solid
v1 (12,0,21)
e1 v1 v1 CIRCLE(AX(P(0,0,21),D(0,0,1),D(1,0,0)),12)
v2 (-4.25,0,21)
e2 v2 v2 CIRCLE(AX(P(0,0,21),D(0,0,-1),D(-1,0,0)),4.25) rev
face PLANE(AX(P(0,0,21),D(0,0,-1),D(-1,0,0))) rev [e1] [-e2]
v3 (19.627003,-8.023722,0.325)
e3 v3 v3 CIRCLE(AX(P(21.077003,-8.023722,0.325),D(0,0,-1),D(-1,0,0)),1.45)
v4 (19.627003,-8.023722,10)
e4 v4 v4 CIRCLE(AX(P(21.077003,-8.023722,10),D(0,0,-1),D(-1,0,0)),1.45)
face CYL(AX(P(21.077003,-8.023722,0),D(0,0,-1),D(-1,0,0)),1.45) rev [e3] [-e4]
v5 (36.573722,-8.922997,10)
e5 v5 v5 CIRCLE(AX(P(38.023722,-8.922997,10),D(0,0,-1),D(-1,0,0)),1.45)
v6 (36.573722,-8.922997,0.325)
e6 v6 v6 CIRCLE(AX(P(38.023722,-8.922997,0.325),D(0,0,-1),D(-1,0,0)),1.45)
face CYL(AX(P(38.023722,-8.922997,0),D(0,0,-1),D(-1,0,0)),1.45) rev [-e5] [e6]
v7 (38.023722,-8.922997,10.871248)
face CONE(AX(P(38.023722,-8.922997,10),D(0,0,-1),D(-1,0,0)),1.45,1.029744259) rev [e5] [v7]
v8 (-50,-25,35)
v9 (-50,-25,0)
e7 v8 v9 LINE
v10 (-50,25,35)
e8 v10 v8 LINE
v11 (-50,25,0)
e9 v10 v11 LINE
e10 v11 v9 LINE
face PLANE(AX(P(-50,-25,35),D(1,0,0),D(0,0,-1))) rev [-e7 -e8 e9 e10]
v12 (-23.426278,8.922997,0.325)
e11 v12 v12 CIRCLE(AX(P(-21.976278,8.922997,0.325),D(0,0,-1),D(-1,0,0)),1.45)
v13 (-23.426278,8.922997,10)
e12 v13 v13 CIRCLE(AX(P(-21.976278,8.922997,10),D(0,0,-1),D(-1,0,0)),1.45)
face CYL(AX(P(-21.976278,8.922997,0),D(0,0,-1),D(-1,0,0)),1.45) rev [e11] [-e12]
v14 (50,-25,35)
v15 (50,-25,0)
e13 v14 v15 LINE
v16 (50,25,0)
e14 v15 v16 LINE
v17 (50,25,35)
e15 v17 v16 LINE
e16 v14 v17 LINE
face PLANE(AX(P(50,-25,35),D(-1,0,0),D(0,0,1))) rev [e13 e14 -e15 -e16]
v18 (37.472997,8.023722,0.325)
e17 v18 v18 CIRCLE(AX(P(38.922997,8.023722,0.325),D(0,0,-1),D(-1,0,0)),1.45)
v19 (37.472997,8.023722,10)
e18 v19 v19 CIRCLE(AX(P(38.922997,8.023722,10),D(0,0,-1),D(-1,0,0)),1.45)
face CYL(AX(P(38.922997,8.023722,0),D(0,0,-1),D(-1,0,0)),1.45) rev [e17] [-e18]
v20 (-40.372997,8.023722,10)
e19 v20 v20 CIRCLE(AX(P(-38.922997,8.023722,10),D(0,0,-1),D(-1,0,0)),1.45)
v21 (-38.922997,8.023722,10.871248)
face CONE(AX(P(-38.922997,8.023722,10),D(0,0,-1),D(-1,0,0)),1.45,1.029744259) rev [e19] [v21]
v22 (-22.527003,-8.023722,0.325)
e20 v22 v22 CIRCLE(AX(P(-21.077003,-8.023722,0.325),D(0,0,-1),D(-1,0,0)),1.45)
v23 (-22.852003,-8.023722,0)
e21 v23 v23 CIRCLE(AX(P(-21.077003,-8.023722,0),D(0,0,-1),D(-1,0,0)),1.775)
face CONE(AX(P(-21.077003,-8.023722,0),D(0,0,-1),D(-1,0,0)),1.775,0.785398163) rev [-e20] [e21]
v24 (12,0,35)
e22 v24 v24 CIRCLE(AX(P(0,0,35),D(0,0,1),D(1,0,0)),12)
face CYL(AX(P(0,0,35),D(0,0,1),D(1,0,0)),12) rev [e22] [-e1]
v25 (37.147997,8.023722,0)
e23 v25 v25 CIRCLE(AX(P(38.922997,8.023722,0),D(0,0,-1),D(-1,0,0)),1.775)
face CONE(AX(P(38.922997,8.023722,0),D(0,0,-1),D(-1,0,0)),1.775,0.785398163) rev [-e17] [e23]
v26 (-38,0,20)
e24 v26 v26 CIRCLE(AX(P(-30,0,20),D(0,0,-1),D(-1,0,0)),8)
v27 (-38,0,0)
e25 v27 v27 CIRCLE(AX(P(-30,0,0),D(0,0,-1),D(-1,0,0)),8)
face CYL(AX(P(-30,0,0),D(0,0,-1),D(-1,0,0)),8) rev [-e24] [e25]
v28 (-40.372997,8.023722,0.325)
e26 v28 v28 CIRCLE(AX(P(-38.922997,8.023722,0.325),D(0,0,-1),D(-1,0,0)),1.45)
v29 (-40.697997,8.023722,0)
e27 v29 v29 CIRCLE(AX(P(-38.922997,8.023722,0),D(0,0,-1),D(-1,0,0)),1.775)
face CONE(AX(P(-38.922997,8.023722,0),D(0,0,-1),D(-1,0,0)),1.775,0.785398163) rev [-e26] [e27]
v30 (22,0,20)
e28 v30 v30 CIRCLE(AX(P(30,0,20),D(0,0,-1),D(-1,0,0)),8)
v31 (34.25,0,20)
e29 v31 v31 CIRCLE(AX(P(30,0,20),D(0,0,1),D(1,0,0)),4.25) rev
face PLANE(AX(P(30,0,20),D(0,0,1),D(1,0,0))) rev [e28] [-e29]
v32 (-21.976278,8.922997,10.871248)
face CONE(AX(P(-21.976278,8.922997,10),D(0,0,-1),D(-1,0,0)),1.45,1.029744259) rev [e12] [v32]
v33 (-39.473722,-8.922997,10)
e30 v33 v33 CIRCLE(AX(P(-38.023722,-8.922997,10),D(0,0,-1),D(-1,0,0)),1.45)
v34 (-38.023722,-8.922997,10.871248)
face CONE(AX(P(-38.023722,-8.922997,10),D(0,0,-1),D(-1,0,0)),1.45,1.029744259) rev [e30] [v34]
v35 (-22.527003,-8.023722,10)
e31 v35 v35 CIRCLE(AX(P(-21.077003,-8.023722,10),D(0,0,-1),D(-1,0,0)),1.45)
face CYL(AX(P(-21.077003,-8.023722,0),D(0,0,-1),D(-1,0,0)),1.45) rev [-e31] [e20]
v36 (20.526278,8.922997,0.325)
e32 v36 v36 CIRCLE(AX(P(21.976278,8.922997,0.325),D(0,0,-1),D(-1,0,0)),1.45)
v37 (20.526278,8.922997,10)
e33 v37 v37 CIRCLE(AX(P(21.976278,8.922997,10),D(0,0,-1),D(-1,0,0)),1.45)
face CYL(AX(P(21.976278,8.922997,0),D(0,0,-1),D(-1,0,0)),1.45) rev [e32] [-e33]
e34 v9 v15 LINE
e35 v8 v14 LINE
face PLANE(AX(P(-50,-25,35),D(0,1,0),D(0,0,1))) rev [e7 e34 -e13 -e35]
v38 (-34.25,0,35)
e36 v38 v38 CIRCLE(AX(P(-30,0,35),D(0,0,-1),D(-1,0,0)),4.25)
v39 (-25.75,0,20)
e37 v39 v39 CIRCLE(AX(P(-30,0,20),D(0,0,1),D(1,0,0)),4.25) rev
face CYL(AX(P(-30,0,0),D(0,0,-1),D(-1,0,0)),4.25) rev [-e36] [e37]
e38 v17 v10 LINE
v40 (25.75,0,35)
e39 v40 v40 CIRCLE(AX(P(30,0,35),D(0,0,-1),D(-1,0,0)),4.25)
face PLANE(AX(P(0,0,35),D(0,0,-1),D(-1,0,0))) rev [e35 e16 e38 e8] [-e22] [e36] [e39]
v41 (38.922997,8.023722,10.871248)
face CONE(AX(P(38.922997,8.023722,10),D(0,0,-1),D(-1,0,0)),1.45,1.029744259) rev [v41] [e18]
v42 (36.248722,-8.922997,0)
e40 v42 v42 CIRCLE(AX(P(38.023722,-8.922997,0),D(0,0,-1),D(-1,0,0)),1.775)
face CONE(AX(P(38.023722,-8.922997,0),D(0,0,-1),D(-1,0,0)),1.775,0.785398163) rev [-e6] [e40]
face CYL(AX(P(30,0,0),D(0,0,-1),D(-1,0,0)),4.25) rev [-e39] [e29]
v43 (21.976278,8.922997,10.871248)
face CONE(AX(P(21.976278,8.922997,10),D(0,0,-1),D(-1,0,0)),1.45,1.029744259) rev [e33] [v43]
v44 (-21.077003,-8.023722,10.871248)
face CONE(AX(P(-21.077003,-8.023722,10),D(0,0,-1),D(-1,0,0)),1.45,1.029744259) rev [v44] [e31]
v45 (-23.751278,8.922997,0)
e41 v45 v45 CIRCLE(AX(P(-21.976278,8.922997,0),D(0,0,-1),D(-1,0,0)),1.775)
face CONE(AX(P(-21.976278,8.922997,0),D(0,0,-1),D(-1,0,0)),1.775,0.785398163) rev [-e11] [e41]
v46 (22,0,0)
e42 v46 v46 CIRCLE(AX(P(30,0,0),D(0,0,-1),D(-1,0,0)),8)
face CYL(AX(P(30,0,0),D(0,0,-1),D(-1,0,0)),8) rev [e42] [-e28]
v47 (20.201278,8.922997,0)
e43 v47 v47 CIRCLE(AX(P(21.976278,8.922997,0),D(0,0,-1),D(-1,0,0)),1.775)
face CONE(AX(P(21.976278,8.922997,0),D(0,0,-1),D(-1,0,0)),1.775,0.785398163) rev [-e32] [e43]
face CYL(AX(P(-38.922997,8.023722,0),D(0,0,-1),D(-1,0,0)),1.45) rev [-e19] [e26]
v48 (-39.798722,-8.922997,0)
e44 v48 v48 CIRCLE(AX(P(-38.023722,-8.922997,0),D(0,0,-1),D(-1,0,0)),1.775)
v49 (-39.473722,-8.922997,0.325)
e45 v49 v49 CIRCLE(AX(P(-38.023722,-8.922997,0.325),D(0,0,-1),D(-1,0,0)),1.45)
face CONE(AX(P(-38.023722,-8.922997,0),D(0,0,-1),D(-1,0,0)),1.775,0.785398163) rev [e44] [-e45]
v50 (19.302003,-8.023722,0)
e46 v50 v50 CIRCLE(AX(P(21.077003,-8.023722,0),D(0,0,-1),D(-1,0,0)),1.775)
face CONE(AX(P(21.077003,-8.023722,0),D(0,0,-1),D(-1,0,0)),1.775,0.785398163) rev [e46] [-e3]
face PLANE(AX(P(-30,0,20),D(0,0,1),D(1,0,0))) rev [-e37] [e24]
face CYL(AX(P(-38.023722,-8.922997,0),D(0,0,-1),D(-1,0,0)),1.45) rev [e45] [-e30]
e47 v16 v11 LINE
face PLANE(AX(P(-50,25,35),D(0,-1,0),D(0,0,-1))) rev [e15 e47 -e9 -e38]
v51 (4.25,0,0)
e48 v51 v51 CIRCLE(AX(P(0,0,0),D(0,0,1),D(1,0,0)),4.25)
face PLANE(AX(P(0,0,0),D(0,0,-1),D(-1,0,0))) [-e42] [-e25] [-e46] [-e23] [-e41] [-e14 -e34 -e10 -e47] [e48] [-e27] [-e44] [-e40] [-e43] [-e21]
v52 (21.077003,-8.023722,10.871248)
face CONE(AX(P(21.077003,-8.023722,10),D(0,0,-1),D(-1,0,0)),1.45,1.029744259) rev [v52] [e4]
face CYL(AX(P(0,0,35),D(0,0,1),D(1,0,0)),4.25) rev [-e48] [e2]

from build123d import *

# Parameters (mm, degrees)
SKETCH_1_W                     = 100
SKETCH_1_H                     = 50
EXTRUDE_1_DEPTH                = 35
HOLE_WIZARD_8_5_8_5_1_D        = 8.5
HOLE_WIZARD_1_D                = 24
HOLE_WIZARD_1_DEPTH            = 14
HOLE_WIZARD_2_D                = 8.5
HOLE_WIZARD_3_D                = 16
HOLE_WIZARD_3_DEPTH            = 20
HOLE_WIZARD_M3_5_1_D           = 2.9
HOLE_WIZARD_M3_5_1_DEPTH       = 10
HOLE_WIZARD_M3_5_1_CSINK_D     = 3.55
HOLE_WIZARD_M3_5_1_CSINK_ANGLE = 90
HOLE_WIZARD_M3_5_1_TIP         = 0.871247898


with BuildPart() as part:
    # 草图1 → 凸台-拉伸1 (new body)
    with BuildSketch(Plane.XY):
        Rectangle(SKETCH_1_W, SKETCH_1_H)
    extrude(amount=EXTRUDE_1_DEPTH)

    # Ø8.5 (8.5) 直径孔1 (through all)
    with Locations(Plane.XY.offset(35)):
        with Locations((0, 0)):
            Hole(HOLE_WIZARD_8_5_8_5_1_D / 2)

    # 孔1
    with Locations(Plane.XY.offset(35)):
        with Locations((0, 0)):
            Hole(HOLE_WIZARD_1_D / 2, depth=HOLE_WIZARD_1_DEPTH)

    # 孔2 (through all)
    with Locations(Plane(origin=(0, 0, 0), x_dir=(-1, 0, 0), z_dir=(0, 0, -1))):
        with Locations((30, 0)):
            hole_wizard_2 = Hole(HOLE_WIZARD_2_D / 2)

    # 镜向1: 孔2 across plane
    add(hole_wizard_2.mirror(Plane.ZY), mode=Mode.SUBTRACT)

    # 孔3
    with Locations(Plane(origin=(0, 0, 0), x_dir=(-1, 0, 0), z_dir=(0, 0, -1))):
        with Locations((30, 0), (-30, 0)):
            Hole(HOLE_WIZARD_3_D / 2, depth=HOLE_WIZARD_3_DEPTH)

    # M3.5 螺纹孔1
    with Locations(Plane(origin=(0, 0, 0), x_dir=(-1, 0, 0), z_dir=(0, 0, -1))):
        with Locations((21.077002862, -8.023722457), (38.023722457, -8.922997138), (38.922997138, 8.023722457), (21.976277543, 8.922997138), (-21.077002862, -8.023722457), (-38.023722457, -8.922997138), (-38.922997138, 8.023722457), (-21.976277543, 8.922997138)):
            CounterSinkHole(HOLE_WIZARD_M3_5_1_D / 2, HOLE_WIZARD_M3_5_1_CSINK_D / 2, depth=HOLE_WIZARD_M3_5_1_DEPTH, counter_sink_angle=HOLE_WIZARD_M3_5_1_CSINK_ANGLE)
            with Locations((0, 0, -(HOLE_WIZARD_M3_5_1_DEPTH + HOLE_WIZARD_M3_5_1_TIP / 2))):  # 118° drill point
                Cone(0, HOLE_WIZARD_M3_5_1_D / 2, HOLE_WIZARD_M3_5_1_TIP, mode=Mode.SUBTRACT)


solid = part.part
